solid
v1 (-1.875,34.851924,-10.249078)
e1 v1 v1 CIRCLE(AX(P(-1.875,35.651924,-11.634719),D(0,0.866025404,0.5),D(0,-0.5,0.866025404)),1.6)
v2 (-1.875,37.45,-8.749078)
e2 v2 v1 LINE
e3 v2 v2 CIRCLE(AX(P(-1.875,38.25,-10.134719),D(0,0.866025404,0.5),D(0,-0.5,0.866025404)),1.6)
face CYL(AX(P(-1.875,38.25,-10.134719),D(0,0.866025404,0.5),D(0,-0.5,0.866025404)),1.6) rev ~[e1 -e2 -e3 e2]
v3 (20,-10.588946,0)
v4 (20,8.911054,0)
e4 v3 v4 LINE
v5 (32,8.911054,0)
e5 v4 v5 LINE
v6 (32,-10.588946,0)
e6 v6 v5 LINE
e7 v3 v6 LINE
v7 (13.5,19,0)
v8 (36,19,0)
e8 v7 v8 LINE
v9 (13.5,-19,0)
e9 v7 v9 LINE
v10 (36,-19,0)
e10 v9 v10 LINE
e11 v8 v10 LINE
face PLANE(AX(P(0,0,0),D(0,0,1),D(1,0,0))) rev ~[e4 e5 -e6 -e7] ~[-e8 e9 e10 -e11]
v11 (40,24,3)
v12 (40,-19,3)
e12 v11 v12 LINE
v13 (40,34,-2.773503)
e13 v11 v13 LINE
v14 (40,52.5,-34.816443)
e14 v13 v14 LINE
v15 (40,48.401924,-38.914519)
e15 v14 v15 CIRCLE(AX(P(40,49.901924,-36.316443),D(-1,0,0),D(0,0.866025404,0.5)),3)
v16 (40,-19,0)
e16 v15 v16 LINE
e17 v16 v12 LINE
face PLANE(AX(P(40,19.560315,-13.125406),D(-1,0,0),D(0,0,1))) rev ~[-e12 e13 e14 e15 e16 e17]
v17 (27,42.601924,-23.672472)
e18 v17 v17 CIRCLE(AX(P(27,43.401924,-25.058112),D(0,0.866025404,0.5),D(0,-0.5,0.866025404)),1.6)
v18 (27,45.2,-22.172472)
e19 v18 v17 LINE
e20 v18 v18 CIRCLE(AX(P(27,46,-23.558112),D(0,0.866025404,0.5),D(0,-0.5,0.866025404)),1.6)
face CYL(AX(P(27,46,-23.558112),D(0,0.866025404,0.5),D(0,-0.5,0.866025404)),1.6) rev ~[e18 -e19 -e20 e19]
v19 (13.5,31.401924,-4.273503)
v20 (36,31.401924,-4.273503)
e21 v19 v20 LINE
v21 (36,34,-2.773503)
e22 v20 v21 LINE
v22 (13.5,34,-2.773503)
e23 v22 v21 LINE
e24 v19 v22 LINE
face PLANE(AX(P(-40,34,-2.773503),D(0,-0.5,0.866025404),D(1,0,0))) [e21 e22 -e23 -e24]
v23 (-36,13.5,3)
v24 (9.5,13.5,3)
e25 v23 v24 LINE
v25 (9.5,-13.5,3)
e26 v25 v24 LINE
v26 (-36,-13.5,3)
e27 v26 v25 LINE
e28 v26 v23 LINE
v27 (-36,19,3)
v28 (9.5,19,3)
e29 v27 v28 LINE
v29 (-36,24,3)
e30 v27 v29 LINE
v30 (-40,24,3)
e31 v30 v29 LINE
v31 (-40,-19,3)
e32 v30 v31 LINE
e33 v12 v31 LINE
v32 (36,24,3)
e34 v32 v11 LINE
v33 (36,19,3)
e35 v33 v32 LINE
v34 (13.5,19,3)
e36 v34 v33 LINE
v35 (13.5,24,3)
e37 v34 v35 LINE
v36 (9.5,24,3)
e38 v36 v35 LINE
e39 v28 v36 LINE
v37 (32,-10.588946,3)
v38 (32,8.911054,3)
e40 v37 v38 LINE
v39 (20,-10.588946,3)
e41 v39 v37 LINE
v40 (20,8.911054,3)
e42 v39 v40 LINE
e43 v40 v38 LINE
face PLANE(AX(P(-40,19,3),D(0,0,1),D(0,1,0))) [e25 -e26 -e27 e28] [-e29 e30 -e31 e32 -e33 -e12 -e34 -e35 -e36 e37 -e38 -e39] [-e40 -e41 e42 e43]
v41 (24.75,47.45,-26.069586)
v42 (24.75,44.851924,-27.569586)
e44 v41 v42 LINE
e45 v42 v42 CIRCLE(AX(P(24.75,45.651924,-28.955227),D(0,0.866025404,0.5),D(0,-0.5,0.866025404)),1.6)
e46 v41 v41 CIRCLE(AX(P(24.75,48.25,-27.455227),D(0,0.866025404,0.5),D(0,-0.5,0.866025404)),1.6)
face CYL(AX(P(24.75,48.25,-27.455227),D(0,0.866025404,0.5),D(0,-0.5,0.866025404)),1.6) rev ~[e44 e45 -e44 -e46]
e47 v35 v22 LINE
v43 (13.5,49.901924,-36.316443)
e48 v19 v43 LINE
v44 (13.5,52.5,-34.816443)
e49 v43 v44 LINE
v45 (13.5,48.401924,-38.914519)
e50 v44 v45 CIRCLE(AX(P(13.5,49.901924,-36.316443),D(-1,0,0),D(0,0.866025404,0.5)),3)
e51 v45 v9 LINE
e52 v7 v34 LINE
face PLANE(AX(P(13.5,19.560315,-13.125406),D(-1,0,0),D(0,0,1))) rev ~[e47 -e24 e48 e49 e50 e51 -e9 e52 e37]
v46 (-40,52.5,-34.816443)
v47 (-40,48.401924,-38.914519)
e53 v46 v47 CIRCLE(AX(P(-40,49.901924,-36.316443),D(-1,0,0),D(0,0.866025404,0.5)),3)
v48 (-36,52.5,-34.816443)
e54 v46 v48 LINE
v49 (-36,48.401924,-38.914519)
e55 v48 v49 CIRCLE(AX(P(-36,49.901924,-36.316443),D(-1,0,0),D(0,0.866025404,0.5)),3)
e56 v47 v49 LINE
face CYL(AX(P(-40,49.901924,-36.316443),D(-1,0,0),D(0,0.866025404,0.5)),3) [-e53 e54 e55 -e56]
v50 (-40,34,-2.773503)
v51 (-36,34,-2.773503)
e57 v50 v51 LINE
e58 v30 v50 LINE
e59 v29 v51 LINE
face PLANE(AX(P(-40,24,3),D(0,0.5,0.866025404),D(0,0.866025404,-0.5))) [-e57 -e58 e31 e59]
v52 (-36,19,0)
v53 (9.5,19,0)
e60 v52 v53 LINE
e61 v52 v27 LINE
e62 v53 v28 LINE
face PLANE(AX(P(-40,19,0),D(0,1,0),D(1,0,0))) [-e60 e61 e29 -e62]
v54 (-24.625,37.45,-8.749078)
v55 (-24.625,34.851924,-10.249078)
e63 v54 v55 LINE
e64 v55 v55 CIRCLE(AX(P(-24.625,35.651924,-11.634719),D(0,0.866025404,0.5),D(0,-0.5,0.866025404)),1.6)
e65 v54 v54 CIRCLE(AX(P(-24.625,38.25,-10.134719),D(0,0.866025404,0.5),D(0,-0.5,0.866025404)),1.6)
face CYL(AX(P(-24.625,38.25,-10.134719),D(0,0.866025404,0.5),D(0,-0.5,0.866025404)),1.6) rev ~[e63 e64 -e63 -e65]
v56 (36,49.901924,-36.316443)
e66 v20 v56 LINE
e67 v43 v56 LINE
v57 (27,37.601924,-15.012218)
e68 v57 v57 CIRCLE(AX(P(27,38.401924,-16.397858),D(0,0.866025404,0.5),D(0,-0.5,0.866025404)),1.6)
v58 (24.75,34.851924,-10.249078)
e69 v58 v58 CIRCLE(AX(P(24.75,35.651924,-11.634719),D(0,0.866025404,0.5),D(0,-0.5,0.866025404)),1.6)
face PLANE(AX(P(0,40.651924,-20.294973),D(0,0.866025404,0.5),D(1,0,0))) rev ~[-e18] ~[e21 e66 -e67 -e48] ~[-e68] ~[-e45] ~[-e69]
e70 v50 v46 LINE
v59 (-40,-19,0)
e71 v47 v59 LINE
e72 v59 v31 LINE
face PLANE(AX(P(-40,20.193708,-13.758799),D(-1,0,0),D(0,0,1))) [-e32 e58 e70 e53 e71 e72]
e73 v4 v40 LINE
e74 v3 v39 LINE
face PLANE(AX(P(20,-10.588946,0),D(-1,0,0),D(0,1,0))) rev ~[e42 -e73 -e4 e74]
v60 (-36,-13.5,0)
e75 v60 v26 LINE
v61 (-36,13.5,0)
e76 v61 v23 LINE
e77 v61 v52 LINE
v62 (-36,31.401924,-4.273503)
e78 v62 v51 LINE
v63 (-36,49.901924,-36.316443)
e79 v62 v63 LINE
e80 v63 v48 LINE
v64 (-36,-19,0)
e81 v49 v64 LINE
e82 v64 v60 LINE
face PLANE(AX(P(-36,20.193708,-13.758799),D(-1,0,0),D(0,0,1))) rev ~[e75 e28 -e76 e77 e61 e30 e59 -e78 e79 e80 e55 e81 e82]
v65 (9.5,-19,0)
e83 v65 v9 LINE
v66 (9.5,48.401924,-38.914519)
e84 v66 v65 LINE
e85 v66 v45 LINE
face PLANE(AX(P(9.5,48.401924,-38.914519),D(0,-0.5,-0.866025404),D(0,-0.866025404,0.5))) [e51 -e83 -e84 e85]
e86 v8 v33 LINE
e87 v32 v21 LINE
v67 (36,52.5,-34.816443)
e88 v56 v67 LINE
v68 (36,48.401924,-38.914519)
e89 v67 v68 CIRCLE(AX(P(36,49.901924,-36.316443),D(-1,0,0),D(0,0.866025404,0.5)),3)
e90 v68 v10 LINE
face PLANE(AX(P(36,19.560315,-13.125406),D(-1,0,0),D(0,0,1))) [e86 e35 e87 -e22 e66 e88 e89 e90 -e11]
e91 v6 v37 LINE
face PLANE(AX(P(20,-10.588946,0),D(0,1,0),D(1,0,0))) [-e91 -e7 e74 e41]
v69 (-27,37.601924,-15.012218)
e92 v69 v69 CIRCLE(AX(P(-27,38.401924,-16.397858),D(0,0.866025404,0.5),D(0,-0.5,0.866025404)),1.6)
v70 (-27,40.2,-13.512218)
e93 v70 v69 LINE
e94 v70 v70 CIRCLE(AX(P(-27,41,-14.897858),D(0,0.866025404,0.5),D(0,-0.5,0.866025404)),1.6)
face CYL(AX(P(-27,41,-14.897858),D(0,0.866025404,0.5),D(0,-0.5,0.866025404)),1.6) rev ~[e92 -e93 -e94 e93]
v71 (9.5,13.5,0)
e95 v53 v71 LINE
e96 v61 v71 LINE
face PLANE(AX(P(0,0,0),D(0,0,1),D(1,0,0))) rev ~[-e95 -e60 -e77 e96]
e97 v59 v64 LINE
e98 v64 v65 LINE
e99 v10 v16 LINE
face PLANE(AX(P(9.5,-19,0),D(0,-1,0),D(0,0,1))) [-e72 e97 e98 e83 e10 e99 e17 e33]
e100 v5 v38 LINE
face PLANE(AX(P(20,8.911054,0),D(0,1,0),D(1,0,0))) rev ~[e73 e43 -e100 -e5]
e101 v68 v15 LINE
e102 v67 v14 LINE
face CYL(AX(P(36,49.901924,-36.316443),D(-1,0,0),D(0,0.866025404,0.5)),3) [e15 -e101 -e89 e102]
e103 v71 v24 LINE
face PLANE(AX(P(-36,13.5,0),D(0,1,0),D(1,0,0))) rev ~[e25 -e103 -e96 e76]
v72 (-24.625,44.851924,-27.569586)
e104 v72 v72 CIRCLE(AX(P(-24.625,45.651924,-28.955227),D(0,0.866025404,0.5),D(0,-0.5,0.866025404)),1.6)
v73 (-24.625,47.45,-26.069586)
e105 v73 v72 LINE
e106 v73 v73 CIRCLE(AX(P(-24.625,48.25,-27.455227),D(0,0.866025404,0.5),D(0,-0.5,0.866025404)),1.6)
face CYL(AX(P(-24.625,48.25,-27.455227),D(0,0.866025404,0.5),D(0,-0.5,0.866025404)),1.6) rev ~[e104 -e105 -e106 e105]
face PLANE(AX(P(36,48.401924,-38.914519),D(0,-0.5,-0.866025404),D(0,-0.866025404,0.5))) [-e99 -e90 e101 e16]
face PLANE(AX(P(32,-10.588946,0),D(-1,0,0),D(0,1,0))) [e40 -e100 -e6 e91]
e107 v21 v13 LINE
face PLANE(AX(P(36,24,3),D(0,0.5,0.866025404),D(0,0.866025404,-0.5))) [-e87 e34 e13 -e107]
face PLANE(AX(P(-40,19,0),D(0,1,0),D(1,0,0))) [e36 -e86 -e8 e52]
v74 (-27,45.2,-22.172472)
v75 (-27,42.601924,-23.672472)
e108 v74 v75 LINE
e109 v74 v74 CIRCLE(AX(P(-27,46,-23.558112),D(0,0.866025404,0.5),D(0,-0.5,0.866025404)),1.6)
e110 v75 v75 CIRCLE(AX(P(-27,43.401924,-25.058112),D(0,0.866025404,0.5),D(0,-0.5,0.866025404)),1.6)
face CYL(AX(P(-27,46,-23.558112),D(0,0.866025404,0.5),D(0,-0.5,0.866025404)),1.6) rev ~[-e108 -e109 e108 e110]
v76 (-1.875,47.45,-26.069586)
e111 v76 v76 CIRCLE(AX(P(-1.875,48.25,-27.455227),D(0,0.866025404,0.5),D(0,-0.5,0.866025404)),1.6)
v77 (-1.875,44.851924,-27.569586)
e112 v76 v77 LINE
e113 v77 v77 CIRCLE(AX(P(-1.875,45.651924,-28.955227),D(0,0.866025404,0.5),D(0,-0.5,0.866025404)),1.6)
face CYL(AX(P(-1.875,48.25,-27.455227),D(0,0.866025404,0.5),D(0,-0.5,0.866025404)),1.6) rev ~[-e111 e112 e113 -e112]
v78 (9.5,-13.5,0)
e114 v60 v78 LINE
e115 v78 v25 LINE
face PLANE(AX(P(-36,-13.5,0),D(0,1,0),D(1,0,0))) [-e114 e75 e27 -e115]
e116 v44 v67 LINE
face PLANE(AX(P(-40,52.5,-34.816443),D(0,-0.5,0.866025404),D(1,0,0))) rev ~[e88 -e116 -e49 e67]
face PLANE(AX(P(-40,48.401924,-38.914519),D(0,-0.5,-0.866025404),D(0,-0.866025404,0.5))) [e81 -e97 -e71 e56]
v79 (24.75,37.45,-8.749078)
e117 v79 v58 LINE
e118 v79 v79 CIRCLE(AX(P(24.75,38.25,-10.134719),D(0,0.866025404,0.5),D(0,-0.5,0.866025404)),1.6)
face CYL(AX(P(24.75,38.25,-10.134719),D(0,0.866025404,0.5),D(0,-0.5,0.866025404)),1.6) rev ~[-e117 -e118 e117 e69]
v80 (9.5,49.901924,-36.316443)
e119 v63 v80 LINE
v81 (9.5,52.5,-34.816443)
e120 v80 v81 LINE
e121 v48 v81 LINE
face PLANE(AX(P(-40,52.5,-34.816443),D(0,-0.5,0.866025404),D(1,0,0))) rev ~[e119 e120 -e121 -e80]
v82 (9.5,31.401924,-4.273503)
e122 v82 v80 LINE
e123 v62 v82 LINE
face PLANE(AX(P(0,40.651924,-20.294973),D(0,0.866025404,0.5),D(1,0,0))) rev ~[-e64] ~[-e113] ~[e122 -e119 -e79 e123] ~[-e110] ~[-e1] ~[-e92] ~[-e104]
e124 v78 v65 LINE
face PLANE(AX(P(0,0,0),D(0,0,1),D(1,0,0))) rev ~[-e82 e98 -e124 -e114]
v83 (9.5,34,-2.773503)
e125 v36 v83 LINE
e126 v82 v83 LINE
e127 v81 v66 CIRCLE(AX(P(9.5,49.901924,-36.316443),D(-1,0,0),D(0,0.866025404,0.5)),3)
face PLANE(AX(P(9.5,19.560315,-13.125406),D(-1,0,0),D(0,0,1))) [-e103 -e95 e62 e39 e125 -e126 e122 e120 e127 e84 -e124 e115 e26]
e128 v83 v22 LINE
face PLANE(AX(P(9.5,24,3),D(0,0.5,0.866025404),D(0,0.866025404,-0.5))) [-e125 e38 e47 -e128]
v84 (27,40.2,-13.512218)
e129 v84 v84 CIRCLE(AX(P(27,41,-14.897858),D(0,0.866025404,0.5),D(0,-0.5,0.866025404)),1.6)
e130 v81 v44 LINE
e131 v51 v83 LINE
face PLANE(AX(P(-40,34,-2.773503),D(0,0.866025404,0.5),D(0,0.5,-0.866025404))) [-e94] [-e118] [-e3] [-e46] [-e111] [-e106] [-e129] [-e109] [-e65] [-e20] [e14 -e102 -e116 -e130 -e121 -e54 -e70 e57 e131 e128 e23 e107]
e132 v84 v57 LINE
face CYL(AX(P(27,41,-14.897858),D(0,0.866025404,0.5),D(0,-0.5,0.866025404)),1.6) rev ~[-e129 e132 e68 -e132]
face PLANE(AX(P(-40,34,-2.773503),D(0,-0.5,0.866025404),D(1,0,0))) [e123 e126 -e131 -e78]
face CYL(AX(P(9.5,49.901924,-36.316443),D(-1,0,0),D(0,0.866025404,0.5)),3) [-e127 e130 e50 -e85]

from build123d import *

# Parameters (mm, degrees)
SKETCH_1_W          = 80
SKETCH_1_H          = 38
SKETCH_1_W_2        = 45.5
SKETCH_1_H_2        = 27
SKETCH_1_W_3        = 12
SKETCH_1_H_3        = 19.5
EXTRUDE_1_DEPTH     = 3
EXTRUDE_2_DEPTH     = 4
EXTRUDE_START       = -49.5
EXTRUDE_3_DEPTH     = 4
EXTRUDE_START_2     = -76
EXTRUDE_4_DEPTH     = 4
SKETCH_6_W          = 80
SKETCH_6_H          = 37
EXTRUDE_5_DEPTH     = 3
SKETCH_7_R          = 1.6
CUT_EXTRUDE_1_DEPTH = 80.501880139


with BuildPart() as part:
    # 草图1 → 凸台-拉伸1 (new body)
    with BuildSketch(Plane.XY):
        Rectangle(SKETCH_1_W, SKETCH_1_H)
        with Locations((-13.25, 0)):
            Rectangle(SKETCH_1_W_2, SKETCH_1_H_2, mode=Mode.SUBTRACT)
        with Locations((26, -0.838945713)):
            Rectangle(SKETCH_1_W_3, SKETCH_1_H_3, mode=Mode.SUBTRACT)
    extrude(amount=EXTRUDE_1_DEPTH)

    # 草图3 → 凸台-拉伸2 (add)
    with BuildSketch(Plane.ZY.offset(40)):
        with BuildLine():
            Line((3, 19), (3, 24))
            Line((3, 24), (-2.773502692, 34))
            Line((-2.773502692, 34), (-34.816442632, 52.5))
            ThreePointArc((-34.816442632, 52.5), (-38.437762975, 52.023244132), (-38.914518843, 48.401923789))
            Line((-38.914518843, 48.401923789), (0, -19))
            Line((0, -19), (0, 19))
            Line((0, 19), (3, 19))
        make_face()
    extrude(amount=-EXTRUDE_2_DEPTH)

    # 草图4 → 凸台-拉伸3 (add)
    with BuildSketch(Plane.ZY.offset(40).offset(EXTRUDE_START)):
        with BuildLine():
            Line((-38.914518843, 48.401923789), (0, -19))
            Line((0, -19), (3, -19))
            Line((3, -19), (3, 24))
            Line((3, 24), (-2.773502692, 34))
            Line((-2.773502692, 34), (-34.816442632, 52.5))
            ThreePointArc((-34.816442632, 52.5), (-38.437762975, 52.023244132), (-38.914518843, 48.401923789))
        make_face()
    extrude(amount=-EXTRUDE_3_DEPTH)

    # 草图5 → 凸台-拉伸4 (add)
    with BuildSketch(Plane.ZY.offset(40).offset(EXTRUDE_START_2)):
        with BuildLine():
            Line((-38.914518843, 48.401923789), (0, -19))
            Line((0, -19), (3, -19))
            Line((3, -19), (3, 24))
            Line((3, 24), (-2.773502692, 34))
            Line((-2.773502692, 34), (-34.816442632, 52.5))
            ThreePointArc((-34.816442632, 52.5), (-38.437762975, 52.023244132), (-38.914518843, 48.401923789))
        make_face()
    extrude(amount=-EXTRUDE_4_DEPTH)

    # 草图6 → 凸台-拉伸5 (add)
    with BuildSketch(Plane(origin=(0, 24.299038106, 14.029056191), x_dir=(1, 0, 0), z_dir=(0, 0.86602540378444, 0.4999999999999976))):
        with Locations((0, 37.901923789)):
            Rectangle(SKETCH_6_W, SKETCH_6_H)
    extrude(amount=-EXTRUDE_5_DEPTH)

    # 草图7 → 切除-拉伸1 (cut, through all)
    with BuildSketch(Plane(origin=(0, 24.299038106, 14.029056191), x_dir=(1, 0, 0), z_dir=(0, 0.86602540378444, 0.4999999999999975))):
        with Locations(Location((-24.625, 47.901923789, 0), (0, 0, 270))):
            Circle(SKETCH_7_R)
        with Locations(Location((-1.875, 47.901923789, 0), (0, 0, 270))):
            Circle(SKETCH_7_R)
        with Locations(Location((-1.875, 27.901923789, 0), (0, 0, 270))):
            Circle(SKETCH_7_R)
        with Locations(Location((-24.625, 27.901923789, 0), (0, 0, 270))):
            Circle(SKETCH_7_R)
        with Locations(Location((24.75, 47.901923789, 0), (0, 0, 270))):
            Circle(SKETCH_7_R)
        with Locations(Location((24.75, 27.901923789, 0), (0, 0, 270))):
            Circle(SKETCH_7_R)
        with Locations(Location((-27, 33.401923789, 0), (0, 0, 270))):
            Circle(SKETCH_7_R)
        with Locations(Location((27, 33.401923789, 0), (0, 0, 270))):
            Circle(SKETCH_7_R)
        with Locations(Location((-27, 43.401923789, 0), (0, 0, 270))):
            Circle(SKETCH_7_R)
        with Locations(Location((27, 43.401923789, 0), (0, 0, 270))):
            Circle(SKETCH_7_R)
    extrude(amount=-CUT_EXTRUDE_1_DEPTH, mode=Mode.SUBTRACT)


solid = part.part
